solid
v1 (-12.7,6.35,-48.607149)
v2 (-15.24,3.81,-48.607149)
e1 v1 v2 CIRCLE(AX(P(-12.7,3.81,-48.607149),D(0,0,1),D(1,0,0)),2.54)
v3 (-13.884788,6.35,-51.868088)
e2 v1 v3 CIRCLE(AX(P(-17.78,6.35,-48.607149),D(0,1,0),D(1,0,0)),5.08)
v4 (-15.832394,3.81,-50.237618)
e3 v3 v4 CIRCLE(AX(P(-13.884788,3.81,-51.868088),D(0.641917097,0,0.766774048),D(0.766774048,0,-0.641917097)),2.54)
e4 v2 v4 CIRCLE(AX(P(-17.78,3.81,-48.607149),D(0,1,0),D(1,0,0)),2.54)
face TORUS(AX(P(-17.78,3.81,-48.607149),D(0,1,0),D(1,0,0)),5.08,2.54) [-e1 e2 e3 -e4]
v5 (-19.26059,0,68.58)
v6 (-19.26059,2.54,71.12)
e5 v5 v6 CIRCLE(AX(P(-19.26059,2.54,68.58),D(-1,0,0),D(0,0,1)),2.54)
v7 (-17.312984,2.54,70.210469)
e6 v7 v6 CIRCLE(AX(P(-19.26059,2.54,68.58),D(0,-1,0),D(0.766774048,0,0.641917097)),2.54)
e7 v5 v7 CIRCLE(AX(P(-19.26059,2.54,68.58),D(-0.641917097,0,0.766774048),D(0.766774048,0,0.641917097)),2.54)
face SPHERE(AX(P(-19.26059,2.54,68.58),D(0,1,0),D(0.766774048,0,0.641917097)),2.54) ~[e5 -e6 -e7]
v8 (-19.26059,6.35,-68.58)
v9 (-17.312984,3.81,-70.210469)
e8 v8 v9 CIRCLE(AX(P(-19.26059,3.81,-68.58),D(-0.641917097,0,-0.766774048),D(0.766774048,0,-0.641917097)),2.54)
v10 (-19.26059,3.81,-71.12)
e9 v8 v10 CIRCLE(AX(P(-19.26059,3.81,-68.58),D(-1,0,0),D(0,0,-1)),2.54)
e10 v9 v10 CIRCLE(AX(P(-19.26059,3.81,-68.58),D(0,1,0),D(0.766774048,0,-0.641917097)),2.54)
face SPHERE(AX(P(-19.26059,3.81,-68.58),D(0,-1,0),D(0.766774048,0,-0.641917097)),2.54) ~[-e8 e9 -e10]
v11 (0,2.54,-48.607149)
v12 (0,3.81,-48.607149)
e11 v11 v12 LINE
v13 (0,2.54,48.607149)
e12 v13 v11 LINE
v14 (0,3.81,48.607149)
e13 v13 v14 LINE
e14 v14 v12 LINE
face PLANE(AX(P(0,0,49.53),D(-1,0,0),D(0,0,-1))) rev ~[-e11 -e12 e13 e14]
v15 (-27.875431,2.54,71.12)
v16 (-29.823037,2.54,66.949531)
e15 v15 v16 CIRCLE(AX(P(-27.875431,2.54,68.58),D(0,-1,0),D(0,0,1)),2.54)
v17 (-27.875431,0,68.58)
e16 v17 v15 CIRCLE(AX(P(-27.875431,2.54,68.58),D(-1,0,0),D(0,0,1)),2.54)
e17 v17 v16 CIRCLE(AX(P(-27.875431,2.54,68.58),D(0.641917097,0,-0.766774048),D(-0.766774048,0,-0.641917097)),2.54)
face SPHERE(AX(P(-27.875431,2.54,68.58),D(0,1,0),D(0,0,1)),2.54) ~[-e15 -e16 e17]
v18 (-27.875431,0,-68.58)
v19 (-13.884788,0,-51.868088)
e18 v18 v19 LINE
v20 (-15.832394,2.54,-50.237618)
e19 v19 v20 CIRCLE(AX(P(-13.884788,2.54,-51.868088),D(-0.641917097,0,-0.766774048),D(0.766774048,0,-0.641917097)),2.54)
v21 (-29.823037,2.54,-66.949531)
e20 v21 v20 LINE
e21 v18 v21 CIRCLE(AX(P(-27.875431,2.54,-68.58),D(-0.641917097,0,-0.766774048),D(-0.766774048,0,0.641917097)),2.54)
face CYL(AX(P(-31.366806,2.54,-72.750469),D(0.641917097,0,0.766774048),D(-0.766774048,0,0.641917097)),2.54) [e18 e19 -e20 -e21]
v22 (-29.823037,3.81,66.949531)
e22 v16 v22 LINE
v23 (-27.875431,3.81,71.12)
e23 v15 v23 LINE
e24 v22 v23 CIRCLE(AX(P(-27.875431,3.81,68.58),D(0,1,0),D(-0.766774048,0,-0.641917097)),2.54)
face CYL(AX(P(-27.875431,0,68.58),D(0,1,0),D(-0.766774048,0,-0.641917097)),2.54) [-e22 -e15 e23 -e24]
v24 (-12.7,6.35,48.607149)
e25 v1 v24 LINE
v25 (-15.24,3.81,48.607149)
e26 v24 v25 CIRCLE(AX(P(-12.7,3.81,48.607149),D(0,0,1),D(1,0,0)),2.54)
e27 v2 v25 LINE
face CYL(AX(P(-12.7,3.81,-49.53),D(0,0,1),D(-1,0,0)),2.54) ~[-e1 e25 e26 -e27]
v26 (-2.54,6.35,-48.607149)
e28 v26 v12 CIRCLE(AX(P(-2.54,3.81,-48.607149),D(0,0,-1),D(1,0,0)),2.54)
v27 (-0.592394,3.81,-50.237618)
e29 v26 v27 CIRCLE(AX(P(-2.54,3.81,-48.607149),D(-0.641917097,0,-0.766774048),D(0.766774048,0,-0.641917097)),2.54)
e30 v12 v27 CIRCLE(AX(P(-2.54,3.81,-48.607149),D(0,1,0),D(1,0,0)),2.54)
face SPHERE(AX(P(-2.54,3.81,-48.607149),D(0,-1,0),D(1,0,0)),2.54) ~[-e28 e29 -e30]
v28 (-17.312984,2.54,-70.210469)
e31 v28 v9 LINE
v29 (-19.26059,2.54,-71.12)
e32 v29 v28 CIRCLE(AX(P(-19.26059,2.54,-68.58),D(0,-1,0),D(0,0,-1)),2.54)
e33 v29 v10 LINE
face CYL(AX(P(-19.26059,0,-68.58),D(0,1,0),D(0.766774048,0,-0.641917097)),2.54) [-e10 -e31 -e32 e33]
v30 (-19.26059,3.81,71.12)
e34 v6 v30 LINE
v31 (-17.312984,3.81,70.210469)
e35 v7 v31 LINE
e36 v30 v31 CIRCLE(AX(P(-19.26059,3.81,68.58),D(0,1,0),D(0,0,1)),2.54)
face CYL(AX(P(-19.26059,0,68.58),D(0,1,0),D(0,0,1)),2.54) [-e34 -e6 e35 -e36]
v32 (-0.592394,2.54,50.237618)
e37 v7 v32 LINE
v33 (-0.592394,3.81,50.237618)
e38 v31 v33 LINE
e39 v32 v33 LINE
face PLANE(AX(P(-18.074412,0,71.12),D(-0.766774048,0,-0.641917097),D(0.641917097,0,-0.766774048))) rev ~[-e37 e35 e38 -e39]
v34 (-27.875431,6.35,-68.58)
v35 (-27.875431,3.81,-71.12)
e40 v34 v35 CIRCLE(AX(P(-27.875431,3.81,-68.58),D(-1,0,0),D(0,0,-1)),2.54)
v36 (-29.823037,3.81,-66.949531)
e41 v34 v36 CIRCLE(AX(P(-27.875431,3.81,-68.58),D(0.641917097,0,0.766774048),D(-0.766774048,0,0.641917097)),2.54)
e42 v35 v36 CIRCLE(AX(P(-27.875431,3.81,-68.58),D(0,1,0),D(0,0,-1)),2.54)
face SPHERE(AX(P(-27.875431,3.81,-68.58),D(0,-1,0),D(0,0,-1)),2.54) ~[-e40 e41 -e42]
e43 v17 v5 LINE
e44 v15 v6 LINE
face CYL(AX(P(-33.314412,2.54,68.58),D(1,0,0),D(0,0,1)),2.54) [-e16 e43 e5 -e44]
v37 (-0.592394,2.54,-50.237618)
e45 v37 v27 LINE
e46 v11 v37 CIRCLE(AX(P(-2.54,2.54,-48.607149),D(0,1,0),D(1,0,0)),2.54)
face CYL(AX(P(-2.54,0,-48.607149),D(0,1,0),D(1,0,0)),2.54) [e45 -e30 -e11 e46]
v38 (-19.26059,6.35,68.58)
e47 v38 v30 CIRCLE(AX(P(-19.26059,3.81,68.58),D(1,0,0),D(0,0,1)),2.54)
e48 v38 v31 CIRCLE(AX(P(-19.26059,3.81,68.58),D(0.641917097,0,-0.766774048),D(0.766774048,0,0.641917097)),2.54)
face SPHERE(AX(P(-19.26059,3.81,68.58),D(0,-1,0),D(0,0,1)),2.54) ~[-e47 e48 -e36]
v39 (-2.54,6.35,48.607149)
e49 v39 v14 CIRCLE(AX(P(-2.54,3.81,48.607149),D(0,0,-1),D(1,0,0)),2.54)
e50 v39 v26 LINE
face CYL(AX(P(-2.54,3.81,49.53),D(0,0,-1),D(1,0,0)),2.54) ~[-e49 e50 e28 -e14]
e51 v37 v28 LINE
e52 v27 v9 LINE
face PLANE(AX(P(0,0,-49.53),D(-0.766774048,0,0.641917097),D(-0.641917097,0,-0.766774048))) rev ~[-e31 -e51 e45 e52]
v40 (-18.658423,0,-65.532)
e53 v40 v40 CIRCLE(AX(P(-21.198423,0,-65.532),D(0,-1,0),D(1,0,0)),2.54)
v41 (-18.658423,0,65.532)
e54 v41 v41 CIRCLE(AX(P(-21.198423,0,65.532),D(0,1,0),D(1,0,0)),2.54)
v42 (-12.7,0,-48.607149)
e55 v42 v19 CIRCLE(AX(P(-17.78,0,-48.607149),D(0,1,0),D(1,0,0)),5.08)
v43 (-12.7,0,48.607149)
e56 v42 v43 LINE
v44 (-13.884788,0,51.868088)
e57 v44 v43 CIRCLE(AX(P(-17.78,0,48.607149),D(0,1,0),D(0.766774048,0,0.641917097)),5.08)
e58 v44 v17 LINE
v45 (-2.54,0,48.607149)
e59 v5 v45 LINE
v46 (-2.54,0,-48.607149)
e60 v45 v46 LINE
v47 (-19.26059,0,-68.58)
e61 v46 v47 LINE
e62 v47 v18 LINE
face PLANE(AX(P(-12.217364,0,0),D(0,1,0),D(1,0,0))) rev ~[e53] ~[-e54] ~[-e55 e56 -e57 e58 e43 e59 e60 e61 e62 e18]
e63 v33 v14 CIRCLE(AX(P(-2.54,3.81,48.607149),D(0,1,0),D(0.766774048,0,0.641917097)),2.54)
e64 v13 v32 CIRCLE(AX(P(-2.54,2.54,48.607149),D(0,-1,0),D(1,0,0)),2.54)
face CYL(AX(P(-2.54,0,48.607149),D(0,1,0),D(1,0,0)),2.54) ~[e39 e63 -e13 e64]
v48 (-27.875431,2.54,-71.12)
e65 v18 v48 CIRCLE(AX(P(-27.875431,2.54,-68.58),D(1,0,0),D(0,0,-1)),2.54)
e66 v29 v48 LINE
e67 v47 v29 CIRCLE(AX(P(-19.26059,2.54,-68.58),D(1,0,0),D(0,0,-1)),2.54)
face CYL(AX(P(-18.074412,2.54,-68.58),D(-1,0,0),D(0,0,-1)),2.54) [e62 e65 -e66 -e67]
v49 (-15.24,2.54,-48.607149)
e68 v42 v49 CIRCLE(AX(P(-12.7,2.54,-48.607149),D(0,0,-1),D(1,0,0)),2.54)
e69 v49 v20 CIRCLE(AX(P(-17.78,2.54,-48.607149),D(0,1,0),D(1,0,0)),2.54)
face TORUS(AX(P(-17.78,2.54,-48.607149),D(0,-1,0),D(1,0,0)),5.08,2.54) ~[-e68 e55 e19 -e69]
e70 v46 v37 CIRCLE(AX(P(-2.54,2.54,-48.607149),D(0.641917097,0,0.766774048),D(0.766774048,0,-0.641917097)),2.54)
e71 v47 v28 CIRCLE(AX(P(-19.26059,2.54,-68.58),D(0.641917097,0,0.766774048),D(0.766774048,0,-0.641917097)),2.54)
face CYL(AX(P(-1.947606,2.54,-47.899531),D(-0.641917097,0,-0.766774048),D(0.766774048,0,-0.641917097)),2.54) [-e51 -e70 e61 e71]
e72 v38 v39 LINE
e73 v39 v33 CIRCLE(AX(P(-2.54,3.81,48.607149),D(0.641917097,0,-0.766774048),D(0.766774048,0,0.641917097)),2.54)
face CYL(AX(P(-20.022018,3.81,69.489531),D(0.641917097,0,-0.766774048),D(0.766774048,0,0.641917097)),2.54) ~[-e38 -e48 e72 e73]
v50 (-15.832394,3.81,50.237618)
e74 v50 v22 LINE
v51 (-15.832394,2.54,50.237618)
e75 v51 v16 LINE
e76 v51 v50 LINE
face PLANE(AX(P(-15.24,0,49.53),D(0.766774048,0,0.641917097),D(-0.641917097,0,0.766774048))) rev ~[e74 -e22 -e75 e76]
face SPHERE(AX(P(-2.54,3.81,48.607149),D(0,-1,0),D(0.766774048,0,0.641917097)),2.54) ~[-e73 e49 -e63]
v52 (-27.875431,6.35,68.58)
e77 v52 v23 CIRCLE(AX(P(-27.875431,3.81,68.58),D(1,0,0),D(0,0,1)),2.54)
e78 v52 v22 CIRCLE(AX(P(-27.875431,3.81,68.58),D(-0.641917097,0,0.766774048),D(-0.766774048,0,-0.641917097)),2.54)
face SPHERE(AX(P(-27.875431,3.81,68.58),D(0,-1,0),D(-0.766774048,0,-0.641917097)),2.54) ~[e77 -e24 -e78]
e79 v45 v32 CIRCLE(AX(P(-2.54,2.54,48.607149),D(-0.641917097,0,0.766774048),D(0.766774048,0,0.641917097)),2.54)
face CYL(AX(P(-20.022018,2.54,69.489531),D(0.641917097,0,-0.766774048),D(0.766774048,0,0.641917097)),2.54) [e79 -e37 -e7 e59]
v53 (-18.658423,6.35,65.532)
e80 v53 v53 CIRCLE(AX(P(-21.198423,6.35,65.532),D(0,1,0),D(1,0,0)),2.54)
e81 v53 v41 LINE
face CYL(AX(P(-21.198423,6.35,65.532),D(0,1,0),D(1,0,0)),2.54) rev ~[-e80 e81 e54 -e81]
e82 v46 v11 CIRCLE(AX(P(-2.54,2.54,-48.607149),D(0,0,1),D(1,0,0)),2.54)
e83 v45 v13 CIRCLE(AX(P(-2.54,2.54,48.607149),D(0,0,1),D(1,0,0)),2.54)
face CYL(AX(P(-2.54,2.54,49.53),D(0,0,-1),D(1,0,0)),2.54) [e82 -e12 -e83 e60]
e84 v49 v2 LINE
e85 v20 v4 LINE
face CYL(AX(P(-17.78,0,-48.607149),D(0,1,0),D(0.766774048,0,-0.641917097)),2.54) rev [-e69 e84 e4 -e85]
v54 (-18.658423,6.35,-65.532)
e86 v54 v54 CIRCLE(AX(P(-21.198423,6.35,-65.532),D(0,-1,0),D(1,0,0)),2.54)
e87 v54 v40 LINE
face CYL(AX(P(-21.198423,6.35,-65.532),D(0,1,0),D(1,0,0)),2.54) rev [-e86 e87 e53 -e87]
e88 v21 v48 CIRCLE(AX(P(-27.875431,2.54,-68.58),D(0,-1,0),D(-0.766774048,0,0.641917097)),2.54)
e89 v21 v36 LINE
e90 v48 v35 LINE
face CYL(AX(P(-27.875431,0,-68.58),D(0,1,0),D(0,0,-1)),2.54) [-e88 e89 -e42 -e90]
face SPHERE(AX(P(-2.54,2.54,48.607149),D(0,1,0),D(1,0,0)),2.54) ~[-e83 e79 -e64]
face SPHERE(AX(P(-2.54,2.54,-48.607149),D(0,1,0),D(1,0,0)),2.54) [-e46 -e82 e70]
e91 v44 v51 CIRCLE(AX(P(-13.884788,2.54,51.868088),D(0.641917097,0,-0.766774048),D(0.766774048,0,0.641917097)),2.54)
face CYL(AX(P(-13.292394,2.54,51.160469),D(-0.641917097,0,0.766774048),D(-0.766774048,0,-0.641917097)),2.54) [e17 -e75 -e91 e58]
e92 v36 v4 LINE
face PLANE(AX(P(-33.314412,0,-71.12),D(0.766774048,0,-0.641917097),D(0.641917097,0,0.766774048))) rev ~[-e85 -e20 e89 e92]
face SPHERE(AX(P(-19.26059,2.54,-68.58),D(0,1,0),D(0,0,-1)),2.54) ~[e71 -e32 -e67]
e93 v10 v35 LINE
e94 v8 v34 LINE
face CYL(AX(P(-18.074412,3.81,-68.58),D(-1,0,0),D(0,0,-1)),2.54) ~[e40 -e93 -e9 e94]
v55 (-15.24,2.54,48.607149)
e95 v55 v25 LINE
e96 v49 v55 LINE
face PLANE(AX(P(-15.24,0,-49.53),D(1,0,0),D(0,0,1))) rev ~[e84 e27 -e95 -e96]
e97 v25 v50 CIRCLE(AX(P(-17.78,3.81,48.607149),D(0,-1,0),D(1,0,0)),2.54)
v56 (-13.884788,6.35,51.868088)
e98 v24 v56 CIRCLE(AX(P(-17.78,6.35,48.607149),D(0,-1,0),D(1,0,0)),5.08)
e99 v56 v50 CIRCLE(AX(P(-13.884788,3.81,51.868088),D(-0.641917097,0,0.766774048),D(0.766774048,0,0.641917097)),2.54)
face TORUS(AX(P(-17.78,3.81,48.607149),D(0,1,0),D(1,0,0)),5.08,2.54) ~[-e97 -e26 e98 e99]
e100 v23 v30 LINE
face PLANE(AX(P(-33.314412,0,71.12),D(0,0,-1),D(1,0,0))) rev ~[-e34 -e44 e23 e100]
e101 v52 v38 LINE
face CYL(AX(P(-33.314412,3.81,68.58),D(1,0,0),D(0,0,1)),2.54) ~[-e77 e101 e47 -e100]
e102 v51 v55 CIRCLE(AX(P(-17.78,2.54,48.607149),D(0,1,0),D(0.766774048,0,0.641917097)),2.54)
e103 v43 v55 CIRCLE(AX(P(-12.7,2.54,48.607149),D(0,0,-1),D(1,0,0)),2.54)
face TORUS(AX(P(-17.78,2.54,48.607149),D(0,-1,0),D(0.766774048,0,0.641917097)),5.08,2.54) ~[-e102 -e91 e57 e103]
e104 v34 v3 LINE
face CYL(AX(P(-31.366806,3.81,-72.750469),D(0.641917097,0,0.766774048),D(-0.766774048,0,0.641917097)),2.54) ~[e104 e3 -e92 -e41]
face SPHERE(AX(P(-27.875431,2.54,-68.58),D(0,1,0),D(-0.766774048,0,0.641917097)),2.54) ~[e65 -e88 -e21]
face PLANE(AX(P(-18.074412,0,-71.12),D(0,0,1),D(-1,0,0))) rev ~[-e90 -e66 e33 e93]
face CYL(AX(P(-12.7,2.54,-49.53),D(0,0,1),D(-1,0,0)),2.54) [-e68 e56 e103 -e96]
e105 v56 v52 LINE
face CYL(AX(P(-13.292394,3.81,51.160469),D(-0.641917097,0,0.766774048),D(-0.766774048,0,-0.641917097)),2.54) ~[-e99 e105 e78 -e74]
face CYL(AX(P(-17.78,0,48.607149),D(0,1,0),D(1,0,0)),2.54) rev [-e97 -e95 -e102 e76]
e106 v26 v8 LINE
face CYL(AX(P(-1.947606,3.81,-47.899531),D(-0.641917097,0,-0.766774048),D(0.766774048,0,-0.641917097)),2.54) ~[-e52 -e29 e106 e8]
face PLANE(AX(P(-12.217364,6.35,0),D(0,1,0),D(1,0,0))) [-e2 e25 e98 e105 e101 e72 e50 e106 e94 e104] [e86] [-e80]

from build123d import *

# Parameters (mm, degrees)
BOSS_EXTRUDE1_DEPTH = 6.35
FILLET1_R           = 2.54
SKETCH2_R           = 2.54
CUT_EXTRUDE1_DEPTH  = 6.35


with BuildPart() as part:
    # Sketch1 → Boss-Extrude1 (new body)
    with BuildSketch(Plane(origin=(0, 0, 0), x_dir=(1, 0, 0), z_dir=(0, 1, 0))):
        Polygon((0, -49.53), (0, 49.53), (-18.074412074, 71.12), (-33.314412074, 71.12), (-15.24, 49.53), (-15.24, -49.53), (-33.314412074, -71.12), (-18.074412074, -71.12), align=None)
    extrude(amount=BOSS_EXTRUDE1_DEPTH)

    # Fillet1
    fillet1_edges = [part.edges().sort_by_distance(p)[0] for p in [
        (-15.24, 0, 0),
        (-24.277206037, 0, -60.325),
        (-25.694412074, 0, -71.12),
        (-9.037206037, 0, -60.325),
        (-24.277206037, 6.35, -60.325),
        (0, 3.175, -49.53),
        (0, 3.175, 49.53),
        (-18.074412074, 3.175, 71.12),
        (-33.314412074, 3.175, 71.12),
        (-15.24, 3.175, 49.53),
        (-15.24, 3.175, -49.53),
        (-33.314412074, 3.175, -71.12),
        (-18.074412074, 3.175, -71.12),
        (-15.24, 6.35, 0),
        (-24.277206037, 6.35, 60.325),
        (-25.694412074, 6.35, 71.12),
        (-9.037206037, 6.35, 60.325),
        (0, 6.35, 0),
        (-9.037206037, 6.35, -60.325),
        (0, 0, 0),
        (-25.694412074, 6.35, -71.12),
        (-9.037206037, 0, 60.325),
        (-25.694412074, 0, 71.12),
        (-24.277206037, 0, 60.325),
    ]]
    fillet(fillet1_edges, radius=FILLET1_R)

    # Sketch2 → Cut-Extrude1 (cut)
    with BuildSketch(Plane(origin=(0, 6.35, 0), x_dir=(1, 0, 0), z_dir=(0, 1, 0))):
        with Locations((-21.19842308, -65.532)):
            Circle(SKETCH2_R)
    cut_extrude1 = extrude(amount=-CUT_EXTRUDE1_DEPTH, mode=Mode.SUBTRACT)

    # Mirror1: Cut-Extrude1 across plane
    add(cut_extrude1.mirror(Plane.XY), mode=Mode.SUBTRACT)


solid = part.part
